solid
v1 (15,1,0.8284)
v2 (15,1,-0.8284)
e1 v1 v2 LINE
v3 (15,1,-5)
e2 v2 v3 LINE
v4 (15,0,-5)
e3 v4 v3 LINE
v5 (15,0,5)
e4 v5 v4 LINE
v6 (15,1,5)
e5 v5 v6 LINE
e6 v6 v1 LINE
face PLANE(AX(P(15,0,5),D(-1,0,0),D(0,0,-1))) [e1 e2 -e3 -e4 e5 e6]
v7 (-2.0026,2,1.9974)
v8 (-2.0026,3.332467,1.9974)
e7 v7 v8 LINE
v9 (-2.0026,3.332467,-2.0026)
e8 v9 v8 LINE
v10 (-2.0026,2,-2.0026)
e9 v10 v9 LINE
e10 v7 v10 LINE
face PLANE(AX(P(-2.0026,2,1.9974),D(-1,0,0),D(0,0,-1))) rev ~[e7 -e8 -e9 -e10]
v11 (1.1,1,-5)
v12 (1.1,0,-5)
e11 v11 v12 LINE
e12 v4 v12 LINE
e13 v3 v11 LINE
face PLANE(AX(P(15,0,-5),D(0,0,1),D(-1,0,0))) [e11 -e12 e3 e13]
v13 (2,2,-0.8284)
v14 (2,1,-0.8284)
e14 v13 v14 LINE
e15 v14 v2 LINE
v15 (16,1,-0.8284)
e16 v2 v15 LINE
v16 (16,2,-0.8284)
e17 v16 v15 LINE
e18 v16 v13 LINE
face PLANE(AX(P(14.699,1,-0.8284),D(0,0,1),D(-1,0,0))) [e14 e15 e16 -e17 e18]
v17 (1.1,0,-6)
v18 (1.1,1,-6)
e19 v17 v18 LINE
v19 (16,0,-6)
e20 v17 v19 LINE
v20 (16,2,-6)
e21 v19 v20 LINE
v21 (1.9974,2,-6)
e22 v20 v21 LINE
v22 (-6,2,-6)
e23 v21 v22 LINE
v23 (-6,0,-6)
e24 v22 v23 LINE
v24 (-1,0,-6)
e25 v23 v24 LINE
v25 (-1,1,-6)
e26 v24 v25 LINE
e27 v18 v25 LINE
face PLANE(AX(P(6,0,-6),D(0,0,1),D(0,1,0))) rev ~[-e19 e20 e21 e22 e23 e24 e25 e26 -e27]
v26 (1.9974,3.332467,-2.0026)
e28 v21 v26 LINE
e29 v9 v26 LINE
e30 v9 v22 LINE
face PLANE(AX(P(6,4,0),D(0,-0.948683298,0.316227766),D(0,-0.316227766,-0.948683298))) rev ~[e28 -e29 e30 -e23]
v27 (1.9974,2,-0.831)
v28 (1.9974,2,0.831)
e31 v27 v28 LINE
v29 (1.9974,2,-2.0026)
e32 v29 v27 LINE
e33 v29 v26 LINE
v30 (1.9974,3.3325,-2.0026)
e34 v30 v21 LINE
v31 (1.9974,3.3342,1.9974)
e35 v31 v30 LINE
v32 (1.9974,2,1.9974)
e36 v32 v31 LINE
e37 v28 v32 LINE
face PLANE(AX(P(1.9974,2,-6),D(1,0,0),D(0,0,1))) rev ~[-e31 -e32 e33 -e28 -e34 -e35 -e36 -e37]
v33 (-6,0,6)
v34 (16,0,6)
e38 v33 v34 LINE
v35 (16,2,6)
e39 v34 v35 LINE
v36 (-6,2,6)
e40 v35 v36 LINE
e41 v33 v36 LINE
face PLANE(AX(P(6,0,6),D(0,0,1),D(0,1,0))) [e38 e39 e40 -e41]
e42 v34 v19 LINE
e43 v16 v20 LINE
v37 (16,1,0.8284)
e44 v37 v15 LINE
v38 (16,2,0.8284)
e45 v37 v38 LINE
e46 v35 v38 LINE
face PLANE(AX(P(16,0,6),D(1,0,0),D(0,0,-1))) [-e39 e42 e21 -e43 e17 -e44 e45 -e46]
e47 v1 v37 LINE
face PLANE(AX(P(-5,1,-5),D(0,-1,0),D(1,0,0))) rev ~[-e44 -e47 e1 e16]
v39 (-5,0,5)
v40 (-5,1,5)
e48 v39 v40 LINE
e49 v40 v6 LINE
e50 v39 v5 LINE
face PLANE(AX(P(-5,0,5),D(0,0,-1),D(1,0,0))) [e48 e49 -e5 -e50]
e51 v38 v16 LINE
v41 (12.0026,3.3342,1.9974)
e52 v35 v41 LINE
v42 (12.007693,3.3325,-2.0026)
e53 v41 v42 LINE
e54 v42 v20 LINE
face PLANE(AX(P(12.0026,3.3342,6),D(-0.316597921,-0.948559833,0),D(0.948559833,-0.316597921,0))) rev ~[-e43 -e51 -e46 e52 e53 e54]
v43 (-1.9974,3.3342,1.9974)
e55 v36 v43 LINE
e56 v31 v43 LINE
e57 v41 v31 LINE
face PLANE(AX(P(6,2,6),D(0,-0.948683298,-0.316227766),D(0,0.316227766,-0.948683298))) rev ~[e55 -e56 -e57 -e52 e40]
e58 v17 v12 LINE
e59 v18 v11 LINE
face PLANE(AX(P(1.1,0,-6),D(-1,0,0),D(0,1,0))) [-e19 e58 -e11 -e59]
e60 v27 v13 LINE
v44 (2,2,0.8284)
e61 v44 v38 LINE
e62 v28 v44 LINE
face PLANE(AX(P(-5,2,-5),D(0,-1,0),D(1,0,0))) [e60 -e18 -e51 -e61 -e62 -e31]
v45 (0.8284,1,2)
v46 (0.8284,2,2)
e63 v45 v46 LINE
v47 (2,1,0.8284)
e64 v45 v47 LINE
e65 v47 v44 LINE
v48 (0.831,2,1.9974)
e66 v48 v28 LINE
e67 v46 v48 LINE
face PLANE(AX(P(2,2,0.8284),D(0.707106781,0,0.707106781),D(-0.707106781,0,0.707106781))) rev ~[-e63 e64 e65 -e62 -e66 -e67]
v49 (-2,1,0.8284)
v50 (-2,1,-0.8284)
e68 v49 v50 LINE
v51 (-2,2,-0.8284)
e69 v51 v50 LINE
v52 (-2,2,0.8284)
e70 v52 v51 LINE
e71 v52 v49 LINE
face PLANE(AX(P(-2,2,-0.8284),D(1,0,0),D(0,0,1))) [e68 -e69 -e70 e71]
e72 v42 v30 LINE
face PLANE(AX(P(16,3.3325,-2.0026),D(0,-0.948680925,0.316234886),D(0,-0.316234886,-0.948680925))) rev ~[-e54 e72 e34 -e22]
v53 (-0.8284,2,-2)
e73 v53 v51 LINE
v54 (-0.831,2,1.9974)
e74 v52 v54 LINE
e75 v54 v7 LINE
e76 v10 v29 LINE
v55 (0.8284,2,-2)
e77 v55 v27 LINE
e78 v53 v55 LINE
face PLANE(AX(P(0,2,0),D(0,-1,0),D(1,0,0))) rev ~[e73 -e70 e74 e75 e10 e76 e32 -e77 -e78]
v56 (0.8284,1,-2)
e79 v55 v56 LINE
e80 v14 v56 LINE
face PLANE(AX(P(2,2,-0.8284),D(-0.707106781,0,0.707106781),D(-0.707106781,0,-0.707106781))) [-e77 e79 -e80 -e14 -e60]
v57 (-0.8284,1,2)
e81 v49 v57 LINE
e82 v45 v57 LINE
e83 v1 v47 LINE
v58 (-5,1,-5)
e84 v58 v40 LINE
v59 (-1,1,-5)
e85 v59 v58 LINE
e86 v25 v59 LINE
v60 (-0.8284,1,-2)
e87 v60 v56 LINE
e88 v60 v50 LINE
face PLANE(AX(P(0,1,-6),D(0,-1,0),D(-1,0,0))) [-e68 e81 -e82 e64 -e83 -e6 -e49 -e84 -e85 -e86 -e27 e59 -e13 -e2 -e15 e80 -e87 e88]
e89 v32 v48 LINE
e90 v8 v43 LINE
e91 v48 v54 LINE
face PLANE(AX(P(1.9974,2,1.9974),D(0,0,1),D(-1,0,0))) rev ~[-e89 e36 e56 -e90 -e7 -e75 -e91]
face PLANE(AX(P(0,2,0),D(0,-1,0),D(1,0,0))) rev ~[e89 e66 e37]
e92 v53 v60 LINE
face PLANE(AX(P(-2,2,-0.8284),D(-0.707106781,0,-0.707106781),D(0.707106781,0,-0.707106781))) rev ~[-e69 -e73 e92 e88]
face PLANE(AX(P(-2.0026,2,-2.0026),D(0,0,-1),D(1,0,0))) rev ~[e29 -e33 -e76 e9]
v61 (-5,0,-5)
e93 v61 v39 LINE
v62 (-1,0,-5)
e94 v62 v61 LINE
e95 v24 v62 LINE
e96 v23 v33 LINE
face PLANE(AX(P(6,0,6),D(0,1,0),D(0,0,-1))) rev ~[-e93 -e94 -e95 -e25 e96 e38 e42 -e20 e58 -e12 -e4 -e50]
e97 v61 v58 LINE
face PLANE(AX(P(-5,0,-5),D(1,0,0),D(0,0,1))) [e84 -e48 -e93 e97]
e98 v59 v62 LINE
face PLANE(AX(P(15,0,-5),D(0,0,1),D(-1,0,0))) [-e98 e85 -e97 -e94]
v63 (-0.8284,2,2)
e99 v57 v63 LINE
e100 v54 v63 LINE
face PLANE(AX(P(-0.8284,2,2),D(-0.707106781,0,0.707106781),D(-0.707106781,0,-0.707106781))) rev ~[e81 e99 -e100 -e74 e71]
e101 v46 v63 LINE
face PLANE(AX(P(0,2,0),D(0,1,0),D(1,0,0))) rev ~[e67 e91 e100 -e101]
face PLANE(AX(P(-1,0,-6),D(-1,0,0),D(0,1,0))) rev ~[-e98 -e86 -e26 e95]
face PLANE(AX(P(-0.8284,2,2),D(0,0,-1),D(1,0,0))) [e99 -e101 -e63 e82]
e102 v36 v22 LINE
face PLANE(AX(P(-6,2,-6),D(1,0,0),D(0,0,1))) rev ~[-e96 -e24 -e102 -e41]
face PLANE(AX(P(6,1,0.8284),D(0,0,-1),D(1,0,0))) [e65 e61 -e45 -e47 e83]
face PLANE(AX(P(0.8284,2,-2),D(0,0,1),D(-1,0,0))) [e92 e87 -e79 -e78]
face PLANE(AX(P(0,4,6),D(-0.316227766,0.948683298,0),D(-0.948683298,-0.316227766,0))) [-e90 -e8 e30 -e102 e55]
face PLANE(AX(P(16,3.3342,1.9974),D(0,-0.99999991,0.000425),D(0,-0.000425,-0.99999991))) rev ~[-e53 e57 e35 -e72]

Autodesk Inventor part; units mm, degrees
ref_plane "YZ Plane" through (0, 0, 0) normal (1, 0, 0) x (0, 1, 0)
ref_plane "XZ Plane" through (0, 0, 0) normal (0, 1, 0) x (-1, 0, 0)
ref_plane "XY Plane" through (0, 0, 0) normal (0, 0, 1) x (1, 0, 0)
sketch "Sketch1" plane through (0, 0, 0) normal (0, 1, 0) x (-1, 0, 0)
  line L0 (5, 5) -> (-5, 5)
  line L1 (-5, 5) -> (-5, -5)
  line L2 (-5, -5) -> (5, -5)
  line L3 (5, -5) -> (5, 5)
  line L4 (6, 6) -> (-6, 6)
  line L5 (-6, 6) -> (-6, -6)
  line L6 (-6, -6) -> (6, -6)
  line L7 (6, -6) -> (6, 6)
  point P0 (0, 0)
  dimension "d0" = 10
  dimension "d1" = 10
  dimension "d2" = 5
  dimension "d3" = 5
  dimension "d4" = 12
  dimension "d5" = 12
  dimension "d6" = 1
  dimension "d7" = 1
extrude "Extrusion1" add sketch "Sketch1" along normal blind 2
sketch "Sketch2" plane through (6, 0, 6) normal (1, 0, 0) x (0, 0, -1)
  line L0 (0, 0) -> (0, 2) projected
  line L1 (12, 0) -> (12, 2) projected
  line L2 (0, 2) -> (12, 2)
  line L3 (12, 2) -> (12, 1)
  line L4 (12, 1) -> (0, 1)
  line L5 (0, 1) -> (0, 2)
  point P0 (6, 0)
extrude "Extrusion2" add sketch "Sketch2" against normal blind 11.5
sketch "Sketch3" plane through (0, 2, 0) normal (0, 1, 0) x (1, 0, 0)
  line L0 (-2, -2) -> (2, -2)
  line L1 (2, -2) -> (2, 2)
  line L2 (2, 2) -> (-2, 2)
  line L3 (-2, 2) -> (-2, -2)
  circle A0 centre (0, 0) radius 2.8284
  line L4 (0, -2.8284) -> (-2.8284, 0)
  line L5 (-2.8284, 0) -> (0, 2.8284)
  line L6 (2.8284, 0) -> (0, 2.8284)
  line L7 (2.8284, 0) -> (0, -2.8284)
  point P0 (0.8284, -2)
  point P1 (2, -0.8284)
  point P2 (2, 0.8284)
  point P3 (0.8284, 2)
  point P4 (-0.8284, 2)
  point P5 (-2, 0.8284)
  point P6 (-2, -0.8284)
  point P7 (-0.8284, -2)
  dimension "d13" = 4
  dimension "d14" = 4
  dimension "d15" = 2
  dimension "d16" = 2
extrude "Extrusion3" cut sketch "Sketch3" along normal blind 23.25 and the other way blind 11.625 contours L4 L3 L5 L2 L6 L1 L7 L0
sketch "Sketch4" plane through (0, 2, 0) normal (0, 1, 0) x (1, 0, 0)
  line L0 (2, -0.8284) -> (2, 0.8284) projected
  line L1 (2, -0.8284) -> (2.8765, -0.8284)
  line L2 (2.8765, -0.8284) -> (2.8765, 0.8284)
  line L3 (2.8765, 0.8284) -> (2, 0.8284)
  line L4 (2, 0.8284) -> (2, -0.8284)
  line L5 (2.8765, -0.8284) -> (7.5124, -0.8284)
  line L6 (7.5124, -0.8284) -> (7.5124, 0.8284)
  line L7 (7.5124, 0.8284) -> (2.8765, 0.8284)
  line L8 (2.8765, 0.8284) -> (2.8765, -0.8284)
  point P0 (0, 0)
  point P1 (2.8765, 0.8284)
  point P2 (2, 0.8284)
extrude "Extrusion4" cut sketch "Sketch4" against normal blind 1
sketch "Sketch5" plane through (0, 2, 0) normal (0, 1, 0) x (1, 0, 0)
  line L0 (-6, -6) -> (6, -6) projected
  line L1 (6, 0.8284) -> (6, 6) projected
  line L2 (-6, -6) -> (6, -6)
  line L3 (6, -6) -> (6, 6)
  line L4 (6, 6) -> (-6, 6)
  line L5 (-6, 6) -> (-6, -6)
  point P0 (0, 0)
  point P1 (6, -6)
extrude "Extrusion5" add sketch "Sketch5" along normal blind 25
sketch "Sketch6" plane through (6, 0, 6) normal (1, 0, 0) x (0, 0, -1)
  line L0 (5.1716, 1) -> (5.1716, 2) projected
  line L1 (5.1716, 2) -> (-3.596, 2)
  line L2 (0, 0) -> (0, 27) projected
  line L3 (4, 2) -> (5.1716, 2) projected
  line L4 (5.1716, 2) -> (16.1787, 2)
  line L5 (5.1716, 2) -> (6.8284, 2) projected
  line L6 (6, 2) -> (6, 6)
  line L7 (0, 2) -> (6, 4)
  line L8 (6, 4) -> (12, 2)
  line L9 (12, 0) -> (12, 27) projected
  line L10 (12, 2) -> (-2.4689, 2)
  line L11 (-2.4689, 2) -> (-2.4689, 28.669)
  line L12 (-2.4689, 28.669) -> (12, 28.669)
  line L13 (12, 28.669) -> (12, 2)
  point P0 (6, 0)
  dimension "d23" = 4
extrude "Extrusion6" cut sketch "Sketch6" against normal blind 23.25 contours L1 L11 L12 L13 L9 L8 L7
sketch "Sketch7" plane through (-6, 0, 6) normal (0, 0, 1) x (1, 0, 0)
  line L0 (6, 0) -> (6, 4)
  line L1 (12, 4) -> (0, 4) projected
  line L2 (0, 2) -> (12, 2) projected
  line L3 (12, 2) -> (6, 4)
  line L4 (0, 4) -> (0, 2) projected
  line L5 (6, 4) -> (0, 2)
  line L6 (0, 2) -> (13.6732, 2)
  line L7 (13.6732, 2) -> (13.6732, 4.9606)
  line L8 (13.6732, 4.9606) -> (0, 4.9606)
  line L9 (0, 4.9606) -> (0, 2)
extrude "Extrusion7" cut sketch "Sketch7" against normal blind 41.75 contours L5 L4 L1 | L1 L9 L8 L7 L6 L3
sketch "Sketch8" plane through (0, 2, 0) normal (0, -1, 0) x (1, 0, 0)
  line L0 (6, 6) -> (0, 0) projected
  line L1 (1.9974, 1.9974) -> (-2.0026, 1.9974)
  line L2 (-2.0026, 1.9974) -> (-2.0026, -2.0026)
  line L3 (-2.0026, -2.0026) -> (1.9974, -2.0026)
  line L4 (1.9974, -2.0026) -> (1.9974, 1.9974)
  dimension "d30" = 4
  dimension "d31" = 4
extrude "Extrusion8" cut sketch "Sketch8" against normal blind 105
sketch "Sketch9" plane through (6, 0, 6) normal (1, 0, 0) x (0, 0, -1)
  line L0 (0, 0) -> (0, 2) projected
  line L1 (12, 0) -> (12, 2) projected
  line L2 (0, 0) -> (12, 0)
  line L3 (12, 0) -> (12, 2)
  line L4 (12, 2) -> (0, 2)
  line L5 (0, 2) -> (0, 0)
  point P0 (6, 0)
extrude "Extrusion9" add sketch "Sketch9" along normal blind 10
sketch "Sketch10" plane through (0, 0, 0) normal (0, -1, 0) x (1, 0, 0)
  line L0 (5, -5) -> (5, 5) projected
  line L1 (5, 5) -> (15, 5)
  line L2 (15, 5) -> (15, -5)
  line L3 (15, -5) -> (5, -5)
  line L4 (5, -5) -> (5, 5)
  point P0 (0, 0)
  dimension "d36" = 10
extrude "Extrusion10" cut sketch "Sketch10" against normal up to surface (1 mm away)
sketch "Sketch11" plane through (6, 2, 6) normal (0, 1, 0) x (1, 0, 0)
  line L0 (10, 0) -> (10, 12) projected
  line L1 (0, 0) -> (-4.0026, 4.0026) projected
  line L2 (10, 12) -> (-4.0026, 12)
  line L3 (-4.0026, 12) -> (-4.0026, 4.0026)
  line L4 (-4.0026, 4.0026) -> (10, 4.0026)
  line L5 (10, 4.0026) -> (10, 12)
  line L6 (-12, 0) -> (10, 0) projected
  line L7 (-4.0026, 4.0026) -> (10, 4.0026)
  line L8 (10, 4.0026) -> (10, 0)
  line L9 (10, 0) -> (-4.0026, 0)
  line L10 (-4.0026, 0) -> (-4.0026, 4.0026)
  point P0 (-6, 6)
extrude "Extrusion11" add sketch "Sketch11" along normal blind 1.5 contours L6 L1 L4 L0 | L4 L3 L2 L0
sketch "Sketch12" plane through (16, 0, 6) normal (1, 0, 0) x (0, 0, -1)
  line L0 (0, 2) -> (12, 2) projected
  line L1 (4.0026, 3.3342) -> (0, 2) projected
  line L2 (4.0026, 2) -> (4.0026, 3.3342) projected
  line L3 (0, 2) -> (4.0026, 3.3342)
  line L4 (4.0026, 3.3325) -> (8.0026, 3.3325) projected
  line L5 (4.0026, 3.3342) -> (8.0026, 3.3325)
  line L6 (12, 0) -> (12, 2) projected
  line L7 (8.0026, 3.3325) -> (12, 2)
  line L8 (0, 2) -> (-1.9464, 6.2775)
  line L9 (-1.9464, 6.2775) -> (14.9869, 5.8247)
  line L10 (14.9869, 5.8247) -> (12, 2)
  point P0 (6, 0)
extrude "Extrusion12" cut sketch "Sketch12" against normal blind 26 contours L8 L9 L10 L7 L4 L1
sketch "Sketch13" plane through (-6, 0, 6) normal (0, 0, 1) x (1, 0, 0)
  line L0 (3.9974, 2) -> (3.9974, 3.3325) projected
  line L1 (4.0026, 3.3342) -> (0, 2) projected
  line L2 (3.9974, 3.3325) -> (0, 3.3325)
  line L3 (0, 3.3325) -> (0, 2)
  line L4 (0, 2) -> (3.9974, 2)
  line L5 (3.9974, 2) -> (3.9974, 3.3325)
  line L6 (22, 2) -> (0, 2) projected
  line L7 (22, 3.3342) -> (4.0026, 3.3342) projected
  line L8 (22, 2) -> (18.0026, 2)
  line L9 (18.0026, 2) -> (18.0026, 3.3342)
  line L10 (18.0026, 3.3342) -> (22, 3.3342)
  line L11 (22, 3.3342) -> (22, 2)
  line L12 (18.0026, 3.3342) -> (22, 2)
  point P0 (6, 0)
  dimension "d43" = 3.9974
  dimension "d44" = 3.9974
extrude "Extrusion13" cut sketch "Sketch13" against normal blind 17.75 contours L12 L7 L11
sketch "Sketch14" plane through (-5, 1, -5) normal (0, -1, 0) x (1, 0, 0)
  line L0 (11, 5.8284) -> (11, 4.1716) projected
  line L1 (11, 5.8284) -> (19.699, 5.8284)
  line L2 (19.699, 5.8284) -> (19.699, 4.1716)
  line L3 (19.699, 4.1716) -> (11, 4.1716)
  line L4 (11, 4.1716) -> (11, 5.8284)
  line L5 (19.699, 4.1716) -> (21.7329, 4.1716)
  line L6 (21.7329, 4.1716) -> (21.7329, 5.8284)
  line L7 (21.7329, 5.8284) -> (19.699, 5.8284)
  line L8 (19.699, 5.8284) -> (19.699, 4.1716)
  point P0 (5, 5)
extrude "Extrusion14" cut sketch "Sketch14" against normal up to surface (1 mm away)
sketch "Sketch15" plane through (0, 0, 0) normal (0, -1, 0) x (1, 0, 0)
  point P0 (0, 0)
sketch "Sketch16" plane through (-6, 0, -6) normal (0, 0, -1) x (-1, 0, 0)
  line L0 (-6, 0) -> (-5, 0)
  line L1 (-5, 0) -> (-5, 1.1)
  line L2 (-5, 1.1) -> (-6, 1.1)
  line L3 (-6, 1.1) -> (-6, 0)
  line L4 (-6, 0) -> (-7.1, 0)
  line L5 (-7.1, 0) -> (-7.1, 1.1)
  line L6 (-7.1, 1.1) -> (-6, 1.1)
  line L7 (-6, 1.1) -> (-6, 0)
  line L8 (-8, 1) -> (-6.8284, 1) projected
  line L9 (-7.1, 1) -> (-5, 1)
  line L10 (-5, 1) -> (-5, 0)
  line L11 (-5, 0) -> (-7.1, 0)
  line L12 (-7.1, 0) -> (-7.1, 1)
  point P0 (-5, 1)
  dimension "d49" = 1.1
extrude "Extrusion15" cut sketch "Sketch16" against normal blind 4.75 contours L3 L9 L1 L0 | L4 L5 L8 L9 L3
equation "\"d2\" = 0.5 * d0"
equation "\"d3\" = 0.5 * d1"
equation "\"d15\" = 0.5 * d13"
equation "\"d16\" = 0.5 * d14"
equation "\"d44\" = d43"
equation "\"BendRadius\" = Thickness"
equation "\"BendReliefWidth\" = Thickness"
equation "\"BendReliefDepth\" = 0.5 * Thickness"
equation "\"CornerReliefSize\" = 4 * Thickness"
equation "\"MinimumRemnant\" = 2 * Thickness"
equation "\"TransitionRadius\" = BendRadius"
equation "\"JacobiRadiusSize\" = BendRadius"
equation "\"GapSize\" = Thickness"
equation "\"Thickness\" = 0.5"
properties part number "modelGatePoklice1Prostredni"
